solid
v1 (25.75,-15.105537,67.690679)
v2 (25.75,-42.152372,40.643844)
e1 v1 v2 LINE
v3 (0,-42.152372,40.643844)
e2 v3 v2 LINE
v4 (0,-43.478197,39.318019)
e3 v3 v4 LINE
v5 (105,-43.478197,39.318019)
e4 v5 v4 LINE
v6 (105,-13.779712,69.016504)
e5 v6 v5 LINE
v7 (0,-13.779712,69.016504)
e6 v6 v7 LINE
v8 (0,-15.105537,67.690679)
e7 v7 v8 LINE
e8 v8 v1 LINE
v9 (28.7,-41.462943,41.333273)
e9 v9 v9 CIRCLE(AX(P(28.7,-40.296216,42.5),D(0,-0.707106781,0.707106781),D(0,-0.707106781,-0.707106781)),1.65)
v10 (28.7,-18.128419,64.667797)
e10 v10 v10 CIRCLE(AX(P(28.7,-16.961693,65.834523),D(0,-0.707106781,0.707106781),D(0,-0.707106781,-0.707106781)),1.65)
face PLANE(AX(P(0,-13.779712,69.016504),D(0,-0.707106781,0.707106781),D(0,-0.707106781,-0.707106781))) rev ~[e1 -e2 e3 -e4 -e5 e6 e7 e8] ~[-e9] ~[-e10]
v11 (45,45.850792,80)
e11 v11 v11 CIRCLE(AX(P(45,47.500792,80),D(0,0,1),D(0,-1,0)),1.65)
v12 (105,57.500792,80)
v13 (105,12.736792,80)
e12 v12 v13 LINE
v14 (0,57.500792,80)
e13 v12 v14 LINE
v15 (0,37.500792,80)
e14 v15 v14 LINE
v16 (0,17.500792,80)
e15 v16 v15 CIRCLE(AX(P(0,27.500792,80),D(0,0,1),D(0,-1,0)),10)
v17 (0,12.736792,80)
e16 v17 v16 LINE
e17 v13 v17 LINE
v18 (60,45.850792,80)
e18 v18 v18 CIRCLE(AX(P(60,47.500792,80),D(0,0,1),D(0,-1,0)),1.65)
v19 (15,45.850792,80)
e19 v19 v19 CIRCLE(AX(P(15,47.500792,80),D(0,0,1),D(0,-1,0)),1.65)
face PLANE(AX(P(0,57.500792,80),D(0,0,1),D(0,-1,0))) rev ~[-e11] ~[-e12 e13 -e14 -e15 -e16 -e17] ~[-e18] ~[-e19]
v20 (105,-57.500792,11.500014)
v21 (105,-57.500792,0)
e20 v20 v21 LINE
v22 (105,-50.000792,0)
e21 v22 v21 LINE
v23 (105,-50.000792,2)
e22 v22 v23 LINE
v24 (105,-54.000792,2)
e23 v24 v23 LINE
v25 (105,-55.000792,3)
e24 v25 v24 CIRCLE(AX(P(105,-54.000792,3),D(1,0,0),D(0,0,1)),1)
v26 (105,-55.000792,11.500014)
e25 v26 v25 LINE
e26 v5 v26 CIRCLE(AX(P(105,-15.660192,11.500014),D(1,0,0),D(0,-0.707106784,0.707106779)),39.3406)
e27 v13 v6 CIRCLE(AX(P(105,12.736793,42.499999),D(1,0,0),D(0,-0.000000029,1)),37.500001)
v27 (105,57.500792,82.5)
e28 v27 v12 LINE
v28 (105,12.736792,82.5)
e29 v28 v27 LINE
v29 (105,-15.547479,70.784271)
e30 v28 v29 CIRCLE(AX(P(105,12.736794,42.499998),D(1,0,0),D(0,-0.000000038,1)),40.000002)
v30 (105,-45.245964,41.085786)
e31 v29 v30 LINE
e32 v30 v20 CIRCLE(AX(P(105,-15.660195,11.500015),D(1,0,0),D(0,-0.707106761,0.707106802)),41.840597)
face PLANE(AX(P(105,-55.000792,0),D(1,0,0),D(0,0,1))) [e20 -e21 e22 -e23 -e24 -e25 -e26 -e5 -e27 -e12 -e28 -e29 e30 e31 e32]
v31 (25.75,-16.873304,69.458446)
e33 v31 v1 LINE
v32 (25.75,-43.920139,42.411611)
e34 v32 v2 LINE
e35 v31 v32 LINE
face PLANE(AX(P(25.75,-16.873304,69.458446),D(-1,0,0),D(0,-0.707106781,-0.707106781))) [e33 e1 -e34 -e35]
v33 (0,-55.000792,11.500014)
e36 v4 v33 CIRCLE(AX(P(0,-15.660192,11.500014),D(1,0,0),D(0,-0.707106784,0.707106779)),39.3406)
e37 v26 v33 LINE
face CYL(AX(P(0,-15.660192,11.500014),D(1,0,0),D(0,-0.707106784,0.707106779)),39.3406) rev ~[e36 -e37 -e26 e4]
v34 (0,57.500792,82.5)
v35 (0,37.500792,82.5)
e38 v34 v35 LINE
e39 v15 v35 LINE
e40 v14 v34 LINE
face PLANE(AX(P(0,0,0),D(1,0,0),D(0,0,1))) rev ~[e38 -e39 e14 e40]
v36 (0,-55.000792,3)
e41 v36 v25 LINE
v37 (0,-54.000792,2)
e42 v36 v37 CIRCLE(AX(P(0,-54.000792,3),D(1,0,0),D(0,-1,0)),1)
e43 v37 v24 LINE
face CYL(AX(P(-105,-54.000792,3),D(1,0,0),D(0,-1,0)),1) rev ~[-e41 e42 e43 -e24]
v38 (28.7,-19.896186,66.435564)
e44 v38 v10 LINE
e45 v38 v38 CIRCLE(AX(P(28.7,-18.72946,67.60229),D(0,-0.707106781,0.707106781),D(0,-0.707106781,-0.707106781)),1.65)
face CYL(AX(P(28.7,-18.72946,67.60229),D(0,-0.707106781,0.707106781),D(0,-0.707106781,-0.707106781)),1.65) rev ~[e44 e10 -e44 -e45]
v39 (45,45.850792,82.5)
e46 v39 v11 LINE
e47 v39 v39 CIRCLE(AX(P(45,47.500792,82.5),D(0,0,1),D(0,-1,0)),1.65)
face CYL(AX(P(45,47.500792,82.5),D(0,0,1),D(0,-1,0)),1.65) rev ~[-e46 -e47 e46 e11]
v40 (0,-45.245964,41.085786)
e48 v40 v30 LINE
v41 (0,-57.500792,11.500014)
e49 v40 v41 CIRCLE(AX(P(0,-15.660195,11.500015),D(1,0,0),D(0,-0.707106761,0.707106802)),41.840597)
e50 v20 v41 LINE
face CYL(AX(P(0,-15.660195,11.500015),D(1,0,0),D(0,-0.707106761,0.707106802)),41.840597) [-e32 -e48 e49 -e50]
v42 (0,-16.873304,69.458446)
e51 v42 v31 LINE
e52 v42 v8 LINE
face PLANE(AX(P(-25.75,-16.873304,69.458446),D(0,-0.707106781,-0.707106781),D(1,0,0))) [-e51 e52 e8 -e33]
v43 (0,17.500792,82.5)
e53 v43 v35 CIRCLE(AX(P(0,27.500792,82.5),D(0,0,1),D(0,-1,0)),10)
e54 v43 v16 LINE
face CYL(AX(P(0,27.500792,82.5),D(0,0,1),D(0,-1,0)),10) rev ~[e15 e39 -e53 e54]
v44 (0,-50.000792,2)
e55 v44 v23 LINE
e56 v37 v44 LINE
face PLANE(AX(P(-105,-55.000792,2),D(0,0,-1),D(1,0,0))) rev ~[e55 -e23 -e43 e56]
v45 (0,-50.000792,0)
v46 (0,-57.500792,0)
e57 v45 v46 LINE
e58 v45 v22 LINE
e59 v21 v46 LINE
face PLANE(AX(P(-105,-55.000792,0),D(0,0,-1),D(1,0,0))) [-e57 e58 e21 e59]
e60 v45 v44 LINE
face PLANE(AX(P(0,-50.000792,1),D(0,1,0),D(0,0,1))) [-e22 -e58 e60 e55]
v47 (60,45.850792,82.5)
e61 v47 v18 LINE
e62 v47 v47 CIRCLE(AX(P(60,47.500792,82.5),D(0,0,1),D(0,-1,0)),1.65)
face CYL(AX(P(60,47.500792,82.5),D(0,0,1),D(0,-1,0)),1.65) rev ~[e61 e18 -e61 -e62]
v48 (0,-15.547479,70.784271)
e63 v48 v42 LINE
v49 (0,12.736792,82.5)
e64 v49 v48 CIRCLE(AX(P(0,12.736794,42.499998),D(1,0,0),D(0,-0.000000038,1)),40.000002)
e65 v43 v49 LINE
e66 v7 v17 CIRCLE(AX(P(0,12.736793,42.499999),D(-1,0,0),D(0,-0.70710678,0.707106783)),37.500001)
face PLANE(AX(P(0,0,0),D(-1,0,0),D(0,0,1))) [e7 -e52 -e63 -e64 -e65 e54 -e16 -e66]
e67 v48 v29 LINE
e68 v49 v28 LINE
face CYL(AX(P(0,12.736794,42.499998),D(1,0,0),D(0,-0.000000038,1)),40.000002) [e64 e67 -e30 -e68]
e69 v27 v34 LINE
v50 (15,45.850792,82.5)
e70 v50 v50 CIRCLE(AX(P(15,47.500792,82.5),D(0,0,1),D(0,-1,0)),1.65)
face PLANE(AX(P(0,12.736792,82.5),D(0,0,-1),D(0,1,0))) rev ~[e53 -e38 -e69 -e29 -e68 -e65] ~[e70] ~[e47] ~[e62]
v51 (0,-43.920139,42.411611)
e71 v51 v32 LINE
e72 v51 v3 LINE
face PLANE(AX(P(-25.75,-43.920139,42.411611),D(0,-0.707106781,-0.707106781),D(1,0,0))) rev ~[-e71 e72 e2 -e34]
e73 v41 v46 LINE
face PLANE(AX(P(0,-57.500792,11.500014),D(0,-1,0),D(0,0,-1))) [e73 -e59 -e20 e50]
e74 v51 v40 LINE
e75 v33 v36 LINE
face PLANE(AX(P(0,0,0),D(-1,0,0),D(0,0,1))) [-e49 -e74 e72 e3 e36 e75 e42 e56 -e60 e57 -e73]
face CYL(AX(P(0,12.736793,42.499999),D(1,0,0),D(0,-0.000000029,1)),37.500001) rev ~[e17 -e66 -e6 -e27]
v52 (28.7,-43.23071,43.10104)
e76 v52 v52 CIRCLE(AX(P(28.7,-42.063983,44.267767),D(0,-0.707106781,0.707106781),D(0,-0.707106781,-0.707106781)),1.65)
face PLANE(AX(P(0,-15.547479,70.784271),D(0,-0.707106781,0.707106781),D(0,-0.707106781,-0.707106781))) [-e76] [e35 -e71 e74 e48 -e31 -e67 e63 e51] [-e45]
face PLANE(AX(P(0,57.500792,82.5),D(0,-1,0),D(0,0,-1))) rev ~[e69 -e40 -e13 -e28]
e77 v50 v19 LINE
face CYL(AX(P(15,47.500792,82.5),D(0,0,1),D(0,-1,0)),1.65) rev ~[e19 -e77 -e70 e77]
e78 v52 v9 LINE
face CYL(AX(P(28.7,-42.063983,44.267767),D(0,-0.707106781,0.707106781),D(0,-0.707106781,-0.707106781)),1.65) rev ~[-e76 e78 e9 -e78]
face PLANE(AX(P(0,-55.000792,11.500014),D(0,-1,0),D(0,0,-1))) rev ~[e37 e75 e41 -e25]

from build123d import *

# Parameters (mm, degrees)
PAD_DEPTH            = 105
PAD_DEPTH_BACK       = 105
SKETCH001_R          = 1.65
SKETCH001_W          = 38.25
SKETCH001_H          = 51.5
POCKET_DEPTH         = 101.705966
SKETCH003_R          = 1.65
POCKET001_DEPTH      = 5
SKETCH004_W          = 2
SKETCH004_H          = 210
PAD001_DEPTH         = 5
FILLET_R             = 1
SKETCH005_R          = 10
POCKET002_DEPTH      = 5
SKETCH006_W          = 110
SKETCH006_H          = 90
POCKET003_DEPTH      = 105
POCKET003_DEPTH_BACK = -77


with BuildPart() as part:
    # Sketch → Pad (new body, two sides)
    with BuildSketch(Plane.YZ) as pad_sk:
        with BuildLine():
            Line((12.736792, 82.5), (57.500792, 82.5))
            Line((57.500792, 82.5), (57.500792, 80))
            Line((57.500792, 80), (12.736792, 80))
            ThreePointArc((12.736792, 80), (-1.613837, 77.145482), (-13.779712, 69.016504))
            Line((-13.779712, 69.016504), (-43.478197, 39.318019))
            ThreePointArc((-43.478197, 39.318019), (-52.006167, 26.55501), (-55.000792, 11.500014))
            Line((-55.000792, 11.500014), (-55.000792, 0))
            Line((-55.000792, 0), (-57.500792, 0))
            Line((-57.500792, 11.500014), (-57.500792, 0))
            ThreePointArc((-45.245964, 41.085786), (-54.315866, 27.511719), (-57.500792, 11.500014))
            Line((-15.547479, 70.784271), (-45.245964, 41.085786))
            ThreePointArc((12.736792, 82.5), (-2.570545, 79.455181), (-15.547479, 70.784271))
        make_face()
    extrude(amount=PAD_DEPTH)
    extrude(pad_sk.sketch, amount=-PAD_DEPTH_BACK)

    # Sketch001 (on Face12 of Pad) → Pocket (cut, through all)
    with BuildSketch(Plane(origin=(0, -43.165875, 43.165875), x_dir=(0, -0.707107, -0.707107), z_dir=(0, -0.707107, 0.707107))):
        with Locations((-34.55831, 28.7)):
            Circle(SKETCH001_R)
        with Locations((-1.55831, 28.7)):
            Circle(SKETCH001_R)
        with Locations((-34.55831, -28.7)):
            Circle(SKETCH001_R)
        with Locations((-1.55831, -28.7)):
            Circle(SKETCH001_R)
        with Locations((-18.05831, 0)):
            Rectangle(SKETCH001_W, SKETCH001_H)
    extrude(amount=-POCKET_DEPTH, mode=Mode.SUBTRACT)

    # Sketch003 (on Face2 of Pocket) → Pocket001 (cut)
    with BuildSketch(Plane(origin=(0, 0, 82.5), x_dir=(0, -1, 0), z_dir=(0, 0, 1))):
        with Locations((-47.500792, 15)):
            Circle(SKETCH003_R)
        with Locations((-47.500792, 45)):
            Circle(SKETCH003_R)
        with Locations((-47.500792, -15)):
            Circle(SKETCH003_R)
        with Locations((-47.500792, -45)):
            Circle(SKETCH003_R)
        with Locations((-47.500792, 60)):
            Circle(SKETCH003_R)
        with Locations((-47.500792, -60)):
            Circle(SKETCH003_R)
    extrude(amount=-POCKET001_DEPTH, mode=Mode.SUBTRACT)

    # Sketch004 (on Face26 of Pocket001) → Pad001 (join)
    with BuildSketch(Plane.ZX.offset(-55.000792)):
        with Locations((1, 0)):
            Rectangle(SKETCH004_W, SKETCH004_H)
    extrude(amount=PAD001_DEPTH)

    # Fillet
    fillet_edges = [part.edges().sort_by_distance(p)[0] for p in [
        (0, -55.000792, 2),
    ]]
    fillet(fillet_edges, radius=FILLET_R)

    # Sketch005 (on Face15 of Fillet) → Pocket002 (cut)
    with BuildSketch(Plane(origin=(0, 0, 82.5), x_dir=(0, -1, 0), z_dir=(0, 0, 1))):
        with Locations((-27.500792, 0)):
            Circle(SKETCH005_R)
    extrude(amount=-POCKET002_DEPTH, mode=Mode.SUBTRACT)

    # Sketch006 → Pocket003 (cut, two sides)
    with BuildSketch(Plane.XZ) as pocket003_sk:
        with Locations((-55, 45)):
            Rectangle(SKETCH006_W, SKETCH006_H)
    extrude(amount=-POCKET003_DEPTH, mode=Mode.SUBTRACT)
    extrude(pocket003_sk.sketch, amount=-POCKET003_DEPTH_BACK, mode=Mode.SUBTRACT)


solid = part.part
